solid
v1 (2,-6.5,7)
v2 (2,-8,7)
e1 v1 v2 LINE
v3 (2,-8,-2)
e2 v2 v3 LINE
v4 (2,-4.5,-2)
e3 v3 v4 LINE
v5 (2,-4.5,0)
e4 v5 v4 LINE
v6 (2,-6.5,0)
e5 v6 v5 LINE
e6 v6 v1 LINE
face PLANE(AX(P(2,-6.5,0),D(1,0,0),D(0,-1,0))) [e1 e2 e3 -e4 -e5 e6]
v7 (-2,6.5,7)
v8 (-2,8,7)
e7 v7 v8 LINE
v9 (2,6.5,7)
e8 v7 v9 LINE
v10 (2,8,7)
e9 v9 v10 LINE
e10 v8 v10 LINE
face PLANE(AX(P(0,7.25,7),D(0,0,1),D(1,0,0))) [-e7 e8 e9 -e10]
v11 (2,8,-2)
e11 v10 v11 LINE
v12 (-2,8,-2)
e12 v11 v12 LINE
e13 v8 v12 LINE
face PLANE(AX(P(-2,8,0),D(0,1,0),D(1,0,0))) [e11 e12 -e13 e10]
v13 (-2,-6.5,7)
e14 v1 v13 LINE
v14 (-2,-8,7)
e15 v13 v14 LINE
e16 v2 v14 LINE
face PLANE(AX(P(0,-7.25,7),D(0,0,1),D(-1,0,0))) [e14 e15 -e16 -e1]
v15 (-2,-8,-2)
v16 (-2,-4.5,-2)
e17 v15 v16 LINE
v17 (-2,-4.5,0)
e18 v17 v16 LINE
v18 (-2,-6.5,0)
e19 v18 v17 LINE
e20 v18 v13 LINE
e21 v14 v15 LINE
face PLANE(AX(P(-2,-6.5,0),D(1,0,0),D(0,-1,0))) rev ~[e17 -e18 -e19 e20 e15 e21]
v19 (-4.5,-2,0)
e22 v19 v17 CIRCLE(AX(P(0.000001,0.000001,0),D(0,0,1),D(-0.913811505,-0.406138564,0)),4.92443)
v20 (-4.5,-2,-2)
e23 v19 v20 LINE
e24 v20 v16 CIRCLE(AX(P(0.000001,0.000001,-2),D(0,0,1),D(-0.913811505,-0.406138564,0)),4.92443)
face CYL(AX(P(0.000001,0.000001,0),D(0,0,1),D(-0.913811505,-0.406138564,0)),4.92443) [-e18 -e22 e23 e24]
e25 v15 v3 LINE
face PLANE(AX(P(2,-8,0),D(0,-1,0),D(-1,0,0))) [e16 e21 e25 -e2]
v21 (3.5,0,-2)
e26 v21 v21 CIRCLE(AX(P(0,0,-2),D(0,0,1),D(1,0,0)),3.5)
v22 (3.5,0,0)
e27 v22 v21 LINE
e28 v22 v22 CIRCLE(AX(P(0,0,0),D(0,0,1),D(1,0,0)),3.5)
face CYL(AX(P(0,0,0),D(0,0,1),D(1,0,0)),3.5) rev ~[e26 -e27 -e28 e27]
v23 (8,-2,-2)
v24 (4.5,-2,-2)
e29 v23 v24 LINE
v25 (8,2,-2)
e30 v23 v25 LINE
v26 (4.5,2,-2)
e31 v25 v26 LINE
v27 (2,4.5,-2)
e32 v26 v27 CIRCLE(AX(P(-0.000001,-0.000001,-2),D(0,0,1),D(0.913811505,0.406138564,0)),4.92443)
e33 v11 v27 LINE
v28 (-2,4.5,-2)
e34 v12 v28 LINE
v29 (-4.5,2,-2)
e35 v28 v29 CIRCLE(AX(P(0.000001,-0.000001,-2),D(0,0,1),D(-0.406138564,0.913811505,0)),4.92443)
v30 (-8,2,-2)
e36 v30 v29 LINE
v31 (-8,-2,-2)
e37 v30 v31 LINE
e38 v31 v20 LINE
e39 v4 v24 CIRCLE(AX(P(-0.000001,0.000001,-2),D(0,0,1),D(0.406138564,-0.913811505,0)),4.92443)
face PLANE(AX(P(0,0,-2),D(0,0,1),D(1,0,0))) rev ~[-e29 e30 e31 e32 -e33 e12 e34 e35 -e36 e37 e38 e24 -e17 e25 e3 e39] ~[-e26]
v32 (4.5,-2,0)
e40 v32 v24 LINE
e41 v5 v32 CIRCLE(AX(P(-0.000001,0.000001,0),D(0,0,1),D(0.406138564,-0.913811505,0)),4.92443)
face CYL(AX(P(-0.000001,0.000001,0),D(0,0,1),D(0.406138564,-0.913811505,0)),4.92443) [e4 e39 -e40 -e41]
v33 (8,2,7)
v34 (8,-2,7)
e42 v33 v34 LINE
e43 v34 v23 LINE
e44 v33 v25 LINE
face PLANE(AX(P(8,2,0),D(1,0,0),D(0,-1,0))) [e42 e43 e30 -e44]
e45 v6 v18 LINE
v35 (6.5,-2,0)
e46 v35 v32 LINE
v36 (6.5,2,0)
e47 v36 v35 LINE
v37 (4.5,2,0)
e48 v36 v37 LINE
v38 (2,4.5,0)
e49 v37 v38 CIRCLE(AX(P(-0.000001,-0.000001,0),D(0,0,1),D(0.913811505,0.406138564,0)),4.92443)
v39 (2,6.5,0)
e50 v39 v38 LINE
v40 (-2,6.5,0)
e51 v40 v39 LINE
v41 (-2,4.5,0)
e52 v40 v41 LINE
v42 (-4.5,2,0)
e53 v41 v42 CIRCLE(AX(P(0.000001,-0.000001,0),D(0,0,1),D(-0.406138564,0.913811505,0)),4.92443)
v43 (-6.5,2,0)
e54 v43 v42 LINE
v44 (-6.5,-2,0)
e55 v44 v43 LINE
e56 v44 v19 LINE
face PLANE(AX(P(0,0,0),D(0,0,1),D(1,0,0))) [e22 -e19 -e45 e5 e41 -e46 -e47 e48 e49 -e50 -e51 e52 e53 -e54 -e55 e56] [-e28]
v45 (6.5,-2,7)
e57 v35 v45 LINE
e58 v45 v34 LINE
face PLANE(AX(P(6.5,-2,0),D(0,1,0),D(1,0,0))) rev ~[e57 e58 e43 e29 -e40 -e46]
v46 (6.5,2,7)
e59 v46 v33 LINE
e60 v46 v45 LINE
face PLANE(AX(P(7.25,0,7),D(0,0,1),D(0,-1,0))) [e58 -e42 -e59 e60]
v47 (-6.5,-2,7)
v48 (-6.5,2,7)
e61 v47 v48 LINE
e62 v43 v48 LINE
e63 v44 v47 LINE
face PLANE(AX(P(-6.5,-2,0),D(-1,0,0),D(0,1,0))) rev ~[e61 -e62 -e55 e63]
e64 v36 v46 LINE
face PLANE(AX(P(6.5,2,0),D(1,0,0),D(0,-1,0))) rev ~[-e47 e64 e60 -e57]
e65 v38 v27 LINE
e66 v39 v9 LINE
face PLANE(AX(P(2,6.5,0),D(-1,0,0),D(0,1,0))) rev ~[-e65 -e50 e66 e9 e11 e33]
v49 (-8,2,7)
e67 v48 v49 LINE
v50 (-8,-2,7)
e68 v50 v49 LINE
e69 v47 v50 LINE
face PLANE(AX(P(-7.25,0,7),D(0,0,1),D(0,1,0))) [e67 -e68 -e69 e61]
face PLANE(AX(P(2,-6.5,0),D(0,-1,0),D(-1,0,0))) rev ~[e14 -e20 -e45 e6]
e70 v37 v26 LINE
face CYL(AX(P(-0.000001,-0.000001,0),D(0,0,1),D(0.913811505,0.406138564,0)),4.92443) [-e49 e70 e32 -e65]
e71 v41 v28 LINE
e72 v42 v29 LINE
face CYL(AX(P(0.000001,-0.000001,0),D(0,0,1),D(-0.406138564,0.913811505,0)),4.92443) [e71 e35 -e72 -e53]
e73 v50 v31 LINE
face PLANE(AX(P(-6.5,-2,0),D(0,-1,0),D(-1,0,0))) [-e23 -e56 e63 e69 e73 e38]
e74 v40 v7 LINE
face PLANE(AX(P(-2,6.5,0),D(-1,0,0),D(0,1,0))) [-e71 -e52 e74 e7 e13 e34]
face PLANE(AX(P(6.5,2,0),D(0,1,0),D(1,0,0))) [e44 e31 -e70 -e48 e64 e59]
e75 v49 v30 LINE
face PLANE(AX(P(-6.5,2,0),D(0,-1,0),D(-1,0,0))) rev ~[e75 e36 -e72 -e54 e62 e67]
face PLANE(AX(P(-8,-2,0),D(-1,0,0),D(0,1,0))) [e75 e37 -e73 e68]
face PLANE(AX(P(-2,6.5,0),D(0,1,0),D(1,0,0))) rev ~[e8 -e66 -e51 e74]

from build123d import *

# Parameters (mm, degrees)
SKETCH_R           = 3.5
PAD_DEPTH          = 2
SKETCH001_W        = 4
SKETCH001_H        = 1.5
PAD001_DEPTH       = 7
POLARPATTERN_COUNT = 4


with BuildPart() as part:
    # Sketch → Pad (new body)
    with BuildSketch(Plane.XY):
        with BuildLine():
            Line((-8, 2), (-8, -2))
            Line((-8, -2), (-4.5, -2))
            ThreePointArc((-4.5, -2), (-3.482097, -3.482097), (-2, -4.5))
            Line((-2, -8), (-2, -4.5))
            Line((-2, -8), (2, -8))
            Line((2, -8), (2, -4.5))
            ThreePointArc((2, -4.5), (3.482097, -3.482097), (4.5, -2))
            Line((8, -2), (4.5, -2))
            Line((8, -2), (8, 2))
            Line((8, 2), (4.5, 2))
            ThreePointArc((4.5, 2), (3.482097, 3.482097), (2, 4.5))
            Line((2, 8), (2, 4.5))
            Line((2, 8), (-2, 8))
            Line((-2, 8), (-2, 4.5))
            ThreePointArc((-2, 4.5), (-3.482097, 3.482097), (-4.5, 2))
            Line((-8, 2), (-4.5, 2))
        make_face()
        Circle(SKETCH_R, mode=Mode.SUBTRACT)
    extrude(amount=-PAD_DEPTH)

    # Sketch001 → Pad001 (join)
    with BuildSketch(Plane.XY):
        with Locations((0, 7.25)):
            Rectangle(SKETCH001_W, SKETCH001_H)
    pad001 = extrude(amount=PAD001_DEPTH)

    # PolarPattern: Pad001 ×4 about axis
    polarpattern_axis = Axis((0, 0, 0), (0, 0, 1))
    for i in range(1, POLARPATTERN_COUNT):
        add(pad001.rotate(polarpattern_axis, i * 360 / POLARPATTERN_COUNT))


solid = part.part
